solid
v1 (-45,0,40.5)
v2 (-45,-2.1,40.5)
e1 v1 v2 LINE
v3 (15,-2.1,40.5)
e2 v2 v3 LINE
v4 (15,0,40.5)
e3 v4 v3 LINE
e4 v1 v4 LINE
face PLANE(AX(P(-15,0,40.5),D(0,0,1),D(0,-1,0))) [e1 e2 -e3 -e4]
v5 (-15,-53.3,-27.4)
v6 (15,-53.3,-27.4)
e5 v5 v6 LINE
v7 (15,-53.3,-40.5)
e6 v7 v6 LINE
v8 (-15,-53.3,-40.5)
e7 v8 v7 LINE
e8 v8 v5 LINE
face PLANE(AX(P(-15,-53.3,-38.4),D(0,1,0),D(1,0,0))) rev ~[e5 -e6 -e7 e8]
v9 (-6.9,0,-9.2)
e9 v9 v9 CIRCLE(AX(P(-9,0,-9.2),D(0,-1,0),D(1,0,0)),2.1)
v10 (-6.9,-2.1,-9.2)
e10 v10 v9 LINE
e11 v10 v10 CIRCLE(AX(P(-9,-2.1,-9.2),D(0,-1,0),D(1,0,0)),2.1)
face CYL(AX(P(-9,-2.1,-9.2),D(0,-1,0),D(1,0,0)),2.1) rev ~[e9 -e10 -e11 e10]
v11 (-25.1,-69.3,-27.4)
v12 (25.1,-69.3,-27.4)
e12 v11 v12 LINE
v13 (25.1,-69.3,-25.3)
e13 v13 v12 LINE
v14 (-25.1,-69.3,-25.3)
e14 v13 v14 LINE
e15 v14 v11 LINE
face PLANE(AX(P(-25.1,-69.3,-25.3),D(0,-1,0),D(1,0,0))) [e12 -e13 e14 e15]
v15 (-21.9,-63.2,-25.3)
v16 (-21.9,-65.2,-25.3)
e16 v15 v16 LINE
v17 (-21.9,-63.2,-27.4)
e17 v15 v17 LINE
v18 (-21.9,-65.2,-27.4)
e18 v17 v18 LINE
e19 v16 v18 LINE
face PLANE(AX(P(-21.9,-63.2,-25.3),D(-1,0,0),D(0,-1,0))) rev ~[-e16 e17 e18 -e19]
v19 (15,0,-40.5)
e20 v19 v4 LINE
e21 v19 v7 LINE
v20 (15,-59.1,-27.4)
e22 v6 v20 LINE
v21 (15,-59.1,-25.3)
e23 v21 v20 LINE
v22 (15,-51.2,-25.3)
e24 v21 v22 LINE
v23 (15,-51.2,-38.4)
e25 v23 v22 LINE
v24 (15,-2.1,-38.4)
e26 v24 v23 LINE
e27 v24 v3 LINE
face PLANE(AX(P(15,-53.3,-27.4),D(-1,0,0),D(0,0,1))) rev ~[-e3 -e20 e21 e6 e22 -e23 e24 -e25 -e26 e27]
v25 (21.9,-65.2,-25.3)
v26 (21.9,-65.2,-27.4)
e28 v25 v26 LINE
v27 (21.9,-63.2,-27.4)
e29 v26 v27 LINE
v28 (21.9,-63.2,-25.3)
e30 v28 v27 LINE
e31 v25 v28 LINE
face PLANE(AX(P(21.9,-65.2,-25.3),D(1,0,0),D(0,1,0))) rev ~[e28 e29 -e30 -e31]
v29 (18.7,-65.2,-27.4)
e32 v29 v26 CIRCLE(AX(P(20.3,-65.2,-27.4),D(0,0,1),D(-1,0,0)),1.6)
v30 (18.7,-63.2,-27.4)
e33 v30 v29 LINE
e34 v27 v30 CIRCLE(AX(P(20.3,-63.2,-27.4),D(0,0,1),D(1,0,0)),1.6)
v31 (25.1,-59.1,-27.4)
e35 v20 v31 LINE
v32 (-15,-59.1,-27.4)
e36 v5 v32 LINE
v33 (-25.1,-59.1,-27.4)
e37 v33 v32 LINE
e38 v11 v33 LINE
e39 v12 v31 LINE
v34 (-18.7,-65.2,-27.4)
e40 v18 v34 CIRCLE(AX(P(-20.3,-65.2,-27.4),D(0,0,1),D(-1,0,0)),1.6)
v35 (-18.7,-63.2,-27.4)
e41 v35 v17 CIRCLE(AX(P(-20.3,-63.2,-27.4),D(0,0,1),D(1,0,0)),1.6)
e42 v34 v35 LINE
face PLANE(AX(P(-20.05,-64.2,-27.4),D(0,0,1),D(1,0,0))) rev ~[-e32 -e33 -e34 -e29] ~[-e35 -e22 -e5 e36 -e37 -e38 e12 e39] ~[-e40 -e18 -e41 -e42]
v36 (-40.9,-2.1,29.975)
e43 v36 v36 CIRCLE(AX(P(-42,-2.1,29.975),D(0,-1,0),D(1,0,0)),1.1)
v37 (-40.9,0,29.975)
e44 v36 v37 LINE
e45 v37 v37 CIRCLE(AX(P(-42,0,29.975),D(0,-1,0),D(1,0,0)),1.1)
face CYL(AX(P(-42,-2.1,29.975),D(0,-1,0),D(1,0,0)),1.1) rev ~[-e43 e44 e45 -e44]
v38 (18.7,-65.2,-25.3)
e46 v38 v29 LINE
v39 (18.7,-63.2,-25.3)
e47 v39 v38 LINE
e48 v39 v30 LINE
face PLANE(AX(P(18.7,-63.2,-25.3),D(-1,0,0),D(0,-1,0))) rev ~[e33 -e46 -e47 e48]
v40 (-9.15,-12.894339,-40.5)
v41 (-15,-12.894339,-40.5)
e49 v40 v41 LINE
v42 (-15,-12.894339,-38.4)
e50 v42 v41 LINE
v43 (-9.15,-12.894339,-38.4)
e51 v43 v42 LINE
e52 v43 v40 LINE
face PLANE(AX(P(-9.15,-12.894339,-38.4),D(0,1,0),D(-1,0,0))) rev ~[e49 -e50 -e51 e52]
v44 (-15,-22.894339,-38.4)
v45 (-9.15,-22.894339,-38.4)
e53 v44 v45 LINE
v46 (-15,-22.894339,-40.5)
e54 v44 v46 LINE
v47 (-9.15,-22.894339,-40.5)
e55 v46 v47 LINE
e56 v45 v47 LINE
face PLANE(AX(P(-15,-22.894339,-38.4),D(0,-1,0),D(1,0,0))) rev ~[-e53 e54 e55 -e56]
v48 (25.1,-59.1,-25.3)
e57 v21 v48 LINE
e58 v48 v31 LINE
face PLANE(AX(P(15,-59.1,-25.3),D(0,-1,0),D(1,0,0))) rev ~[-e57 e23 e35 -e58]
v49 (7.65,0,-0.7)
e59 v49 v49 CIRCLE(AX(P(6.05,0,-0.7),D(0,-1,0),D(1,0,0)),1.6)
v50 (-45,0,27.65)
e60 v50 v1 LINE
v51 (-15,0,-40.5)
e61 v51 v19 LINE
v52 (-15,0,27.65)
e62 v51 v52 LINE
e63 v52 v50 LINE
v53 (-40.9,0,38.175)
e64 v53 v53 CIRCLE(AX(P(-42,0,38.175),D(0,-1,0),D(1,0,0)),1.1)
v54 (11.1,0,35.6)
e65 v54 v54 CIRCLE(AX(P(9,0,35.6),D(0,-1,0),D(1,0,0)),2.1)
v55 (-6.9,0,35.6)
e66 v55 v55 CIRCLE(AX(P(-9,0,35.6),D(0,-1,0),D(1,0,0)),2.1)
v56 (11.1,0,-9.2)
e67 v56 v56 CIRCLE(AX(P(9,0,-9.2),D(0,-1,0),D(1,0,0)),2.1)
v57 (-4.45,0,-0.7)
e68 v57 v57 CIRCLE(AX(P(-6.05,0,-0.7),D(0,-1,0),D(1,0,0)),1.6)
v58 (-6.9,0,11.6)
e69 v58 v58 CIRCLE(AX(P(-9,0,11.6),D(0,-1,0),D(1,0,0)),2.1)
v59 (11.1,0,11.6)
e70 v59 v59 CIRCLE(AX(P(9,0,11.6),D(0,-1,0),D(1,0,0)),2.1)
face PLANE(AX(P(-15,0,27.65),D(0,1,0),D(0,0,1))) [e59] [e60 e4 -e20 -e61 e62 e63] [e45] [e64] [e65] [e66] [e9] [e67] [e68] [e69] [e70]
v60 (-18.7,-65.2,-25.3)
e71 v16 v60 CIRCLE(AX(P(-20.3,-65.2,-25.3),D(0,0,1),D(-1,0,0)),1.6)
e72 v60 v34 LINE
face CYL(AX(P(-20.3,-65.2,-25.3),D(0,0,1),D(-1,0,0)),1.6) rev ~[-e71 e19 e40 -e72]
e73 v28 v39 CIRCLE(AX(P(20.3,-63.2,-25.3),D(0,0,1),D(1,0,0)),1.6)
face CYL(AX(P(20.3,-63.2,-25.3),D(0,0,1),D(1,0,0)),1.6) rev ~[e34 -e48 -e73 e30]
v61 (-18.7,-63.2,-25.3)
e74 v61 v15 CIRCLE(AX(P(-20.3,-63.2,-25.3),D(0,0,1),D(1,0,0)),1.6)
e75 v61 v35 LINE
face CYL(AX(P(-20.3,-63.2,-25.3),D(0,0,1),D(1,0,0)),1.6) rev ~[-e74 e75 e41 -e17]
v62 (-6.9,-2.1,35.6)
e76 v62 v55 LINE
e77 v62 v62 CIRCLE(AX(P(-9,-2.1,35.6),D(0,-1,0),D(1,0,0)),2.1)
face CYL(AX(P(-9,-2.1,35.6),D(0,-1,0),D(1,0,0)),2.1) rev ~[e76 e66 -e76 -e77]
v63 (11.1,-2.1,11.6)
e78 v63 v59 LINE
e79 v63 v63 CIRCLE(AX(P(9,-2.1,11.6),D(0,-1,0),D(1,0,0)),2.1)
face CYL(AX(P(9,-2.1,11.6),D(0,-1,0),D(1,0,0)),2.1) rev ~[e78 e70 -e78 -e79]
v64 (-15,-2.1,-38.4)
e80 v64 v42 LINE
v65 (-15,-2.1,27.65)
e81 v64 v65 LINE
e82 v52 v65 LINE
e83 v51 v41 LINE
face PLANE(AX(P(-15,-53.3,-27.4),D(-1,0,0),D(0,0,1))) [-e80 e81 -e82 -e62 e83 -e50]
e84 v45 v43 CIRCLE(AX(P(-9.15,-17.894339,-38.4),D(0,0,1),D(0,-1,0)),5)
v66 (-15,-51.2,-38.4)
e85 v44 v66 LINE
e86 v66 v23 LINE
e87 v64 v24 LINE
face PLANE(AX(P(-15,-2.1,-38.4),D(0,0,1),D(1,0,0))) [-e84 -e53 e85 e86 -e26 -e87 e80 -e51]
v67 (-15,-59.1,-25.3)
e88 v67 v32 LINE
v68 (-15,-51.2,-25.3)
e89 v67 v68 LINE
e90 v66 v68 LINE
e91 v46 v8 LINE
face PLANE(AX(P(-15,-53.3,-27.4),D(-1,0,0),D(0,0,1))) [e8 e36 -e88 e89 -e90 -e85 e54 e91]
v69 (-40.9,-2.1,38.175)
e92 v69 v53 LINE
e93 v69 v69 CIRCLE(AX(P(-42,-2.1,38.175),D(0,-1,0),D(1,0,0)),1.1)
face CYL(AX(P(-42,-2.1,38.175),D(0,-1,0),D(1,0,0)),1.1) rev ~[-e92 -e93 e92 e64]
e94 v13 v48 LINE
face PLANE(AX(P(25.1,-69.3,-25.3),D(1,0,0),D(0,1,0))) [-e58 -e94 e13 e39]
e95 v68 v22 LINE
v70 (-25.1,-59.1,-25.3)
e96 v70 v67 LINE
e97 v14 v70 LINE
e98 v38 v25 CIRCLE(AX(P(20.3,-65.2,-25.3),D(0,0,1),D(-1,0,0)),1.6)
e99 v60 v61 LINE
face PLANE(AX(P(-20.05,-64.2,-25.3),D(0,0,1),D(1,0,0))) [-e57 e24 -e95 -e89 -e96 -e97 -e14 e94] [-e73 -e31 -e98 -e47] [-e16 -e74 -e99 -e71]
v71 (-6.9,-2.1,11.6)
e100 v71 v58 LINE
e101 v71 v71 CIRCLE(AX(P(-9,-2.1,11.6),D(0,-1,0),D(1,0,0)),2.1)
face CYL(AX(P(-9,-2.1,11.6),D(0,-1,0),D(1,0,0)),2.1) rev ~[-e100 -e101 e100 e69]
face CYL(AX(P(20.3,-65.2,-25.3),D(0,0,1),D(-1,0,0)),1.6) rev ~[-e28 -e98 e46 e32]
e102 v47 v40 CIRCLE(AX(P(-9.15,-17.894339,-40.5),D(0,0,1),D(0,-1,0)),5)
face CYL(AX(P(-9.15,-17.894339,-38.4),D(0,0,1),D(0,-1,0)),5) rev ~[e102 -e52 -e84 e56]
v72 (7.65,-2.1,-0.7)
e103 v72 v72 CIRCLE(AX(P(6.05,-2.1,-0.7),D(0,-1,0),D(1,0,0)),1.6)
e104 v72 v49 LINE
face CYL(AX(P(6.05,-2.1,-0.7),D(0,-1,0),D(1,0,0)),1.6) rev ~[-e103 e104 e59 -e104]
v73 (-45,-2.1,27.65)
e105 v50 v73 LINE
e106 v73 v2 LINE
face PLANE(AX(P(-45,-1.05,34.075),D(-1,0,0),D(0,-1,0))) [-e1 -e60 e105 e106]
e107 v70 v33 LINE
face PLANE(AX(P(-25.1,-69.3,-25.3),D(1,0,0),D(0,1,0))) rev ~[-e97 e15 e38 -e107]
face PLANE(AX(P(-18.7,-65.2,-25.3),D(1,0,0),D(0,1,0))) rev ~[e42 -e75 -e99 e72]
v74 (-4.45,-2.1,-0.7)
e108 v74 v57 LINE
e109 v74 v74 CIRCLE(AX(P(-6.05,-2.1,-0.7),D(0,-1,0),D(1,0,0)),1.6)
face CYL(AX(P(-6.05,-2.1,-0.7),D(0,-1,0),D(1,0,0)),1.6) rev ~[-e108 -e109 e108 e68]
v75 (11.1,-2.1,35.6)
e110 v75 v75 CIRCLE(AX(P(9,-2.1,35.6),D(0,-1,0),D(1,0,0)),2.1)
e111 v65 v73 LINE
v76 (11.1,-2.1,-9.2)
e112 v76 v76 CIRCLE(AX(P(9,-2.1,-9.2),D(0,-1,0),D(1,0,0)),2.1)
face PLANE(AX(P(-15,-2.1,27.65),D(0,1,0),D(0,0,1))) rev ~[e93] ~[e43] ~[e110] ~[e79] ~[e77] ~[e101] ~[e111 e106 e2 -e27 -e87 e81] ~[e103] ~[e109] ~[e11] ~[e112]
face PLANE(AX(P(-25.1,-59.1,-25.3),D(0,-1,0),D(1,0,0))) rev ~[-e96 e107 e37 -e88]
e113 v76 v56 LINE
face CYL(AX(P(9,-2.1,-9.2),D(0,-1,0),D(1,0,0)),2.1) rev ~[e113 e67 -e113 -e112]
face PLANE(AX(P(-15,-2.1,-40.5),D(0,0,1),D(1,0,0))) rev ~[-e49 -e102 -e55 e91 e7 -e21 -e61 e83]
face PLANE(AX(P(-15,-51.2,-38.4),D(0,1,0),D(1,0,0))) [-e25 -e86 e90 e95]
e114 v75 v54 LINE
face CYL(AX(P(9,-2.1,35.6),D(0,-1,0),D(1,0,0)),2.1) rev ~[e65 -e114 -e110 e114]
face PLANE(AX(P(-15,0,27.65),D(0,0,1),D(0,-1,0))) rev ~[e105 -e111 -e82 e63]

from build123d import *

# Parameters (mm, degrees)
F0_W      = 30
F0_H      = 81
F1_DEPTH  = 2.1
F2_W      = 30
F2_H      = 2.1
F3_DEPTH  = 51.2
F4_W      = 30
F4_H      = 2.1
F5_DEPTH  = 13.1
F6_W      = 30
F6_H      = 2.1
F7_DEPTH  = 16
F8_W      = 10.1
F8_H      = 10.2
F9_DEPTH  = 2.1
F11_DEPTH = 15.201
F13_DEPTH = 2.101
F14_R     = 2.1
F14_R_2   = 1.6
F15_DEPTH = 2.101
F16_W     = 2.1
F16_H     = 12.85
F17_DEPTH = 30
F18_R     = 1.1
F19_DEPTH = 25


with BuildPart() as f1:
    # F0 (on Front) → F1 (new body)
    with BuildSketch(Plane.XZ):
        Rectangle(F0_W, F0_H)
    extrude(amount=F1_DEPTH)

    # F2 (on face) → F3 (join)
    with BuildSketch(Plane.XZ.offset(2.1)):
        with Locations((0, -39.45)):
            Rectangle(F2_W, F2_H)
    extrude(amount=F3_DEPTH)

    # F4 (on face) → F5 (join)
    with BuildSketch(Plane.XY.offset(-38.4)):
        with Locations((0, -52.25)):
            Rectangle(F4_W, F4_H)
    extrude(amount=F5_DEPTH)

    # F6 (on face) → F7 (join)
    with BuildSketch(Plane.XZ.offset(53.3)):
        with Locations((0, -26.35)):
            Rectangle(F6_W, F6_H)
    extrude(amount=F7_DEPTH)

    # F8 (on face) → F9 (join)
    with BuildSketch(Plane.XY.offset(-25.3)):
        with Locations((-20.05, -64.2)):
            Rectangle(F8_W, F8_H)
        with Locations((20.05, -64.2)):
            Rectangle(F8_W, F8_H)
    extrude(amount=-F9_DEPTH)

    # F10 (on face) → F11 (cut, through all)
    with BuildSketch(Plane.XY.offset(-25.3)):
        with BuildLine():
            Line((-21.9, -63.2), (-21.9, -65.2))
            ThreePointArc((-21.9, -65.2), (-20.3, -66.8), (-18.7, -65.2))
            Line((-18.7, -65.2), (-18.7, -63.2))
            ThreePointArc((-18.7, -63.2), (-20.3, -61.6), (-21.9, -63.2))
        make_face()
        with BuildLine():
            Line((18.7, -63.2), (18.7, -65.2))
            ThreePointArc((18.7, -65.2), (20.3, -66.8), (21.9, -65.2))
            Line((21.9, -65.2), (21.9, -63.2))
            ThreePointArc((21.9, -63.2), (20.3, -61.6), (18.7, -63.2))
        make_face()
    extrude(amount=-F11_DEPTH, mode=Mode.SUBTRACT)

    # F12 (on face) → F13 (cut, through all)
    with BuildSketch(Plane.XY.offset(-38.4)):
        with BuildLine():
            Line((-15, -22.894339), (-9.15, -22.894339))
            ThreePointArc((-9.15, -22.894339), (-4.15, -17.894339), (-9.15, -12.894339))
            Line((-9.15, -12.894339), (-15, -12.894339))
            Line((-15, -12.894339), (-15, -22.894339))
        make_face()
    extrude(amount=-F13_DEPTH, mode=Mode.SUBTRACT)

    # F14 (on face) → F15 (cut, through all)
    with BuildSketch(Plane.XZ.offset(2.1)):
        with Locations((9, 35.6)):
            Circle(F14_R)
        with Locations((9, 11.6)):
            Circle(F14_R)
        with Locations((-9, 35.6)):
            Circle(F14_R)
        with Locations((-9, 11.6)):
            Circle(F14_R)
        with Locations((9, -9.2)):
            Circle(F14_R)
        with Locations((-9, -9.2)):
            Circle(F14_R)
        with Locations((6.05, -0.7)):
            Circle(F14_R_2)
        with Locations((-6.05, -0.7)):
            Circle(F14_R_2)
    extrude(amount=-F15_DEPTH, mode=Mode.SUBTRACT)

    # F16 (on face) → F17 (join)
    with BuildSketch(Plane(origin=(-15, 0, 0), x_dir=(0, -1, 0), z_dir=(-1, 0, 0))):
        with Locations((1.05, 34.075)):
            Rectangle(F16_W, F16_H)
    extrude(amount=F17_DEPTH)

    # F18 (on face) → F19 (cut)
    with BuildSketch(Plane.XZ.offset(2.1)):
        with Locations((-42, 38.175)):
            Circle(F18_R)
        with Locations((-42, 29.975)):
            Circle(F18_R)
    extrude(amount=-F19_DEPTH, mode=Mode.SUBTRACT)


solid = f1.part
